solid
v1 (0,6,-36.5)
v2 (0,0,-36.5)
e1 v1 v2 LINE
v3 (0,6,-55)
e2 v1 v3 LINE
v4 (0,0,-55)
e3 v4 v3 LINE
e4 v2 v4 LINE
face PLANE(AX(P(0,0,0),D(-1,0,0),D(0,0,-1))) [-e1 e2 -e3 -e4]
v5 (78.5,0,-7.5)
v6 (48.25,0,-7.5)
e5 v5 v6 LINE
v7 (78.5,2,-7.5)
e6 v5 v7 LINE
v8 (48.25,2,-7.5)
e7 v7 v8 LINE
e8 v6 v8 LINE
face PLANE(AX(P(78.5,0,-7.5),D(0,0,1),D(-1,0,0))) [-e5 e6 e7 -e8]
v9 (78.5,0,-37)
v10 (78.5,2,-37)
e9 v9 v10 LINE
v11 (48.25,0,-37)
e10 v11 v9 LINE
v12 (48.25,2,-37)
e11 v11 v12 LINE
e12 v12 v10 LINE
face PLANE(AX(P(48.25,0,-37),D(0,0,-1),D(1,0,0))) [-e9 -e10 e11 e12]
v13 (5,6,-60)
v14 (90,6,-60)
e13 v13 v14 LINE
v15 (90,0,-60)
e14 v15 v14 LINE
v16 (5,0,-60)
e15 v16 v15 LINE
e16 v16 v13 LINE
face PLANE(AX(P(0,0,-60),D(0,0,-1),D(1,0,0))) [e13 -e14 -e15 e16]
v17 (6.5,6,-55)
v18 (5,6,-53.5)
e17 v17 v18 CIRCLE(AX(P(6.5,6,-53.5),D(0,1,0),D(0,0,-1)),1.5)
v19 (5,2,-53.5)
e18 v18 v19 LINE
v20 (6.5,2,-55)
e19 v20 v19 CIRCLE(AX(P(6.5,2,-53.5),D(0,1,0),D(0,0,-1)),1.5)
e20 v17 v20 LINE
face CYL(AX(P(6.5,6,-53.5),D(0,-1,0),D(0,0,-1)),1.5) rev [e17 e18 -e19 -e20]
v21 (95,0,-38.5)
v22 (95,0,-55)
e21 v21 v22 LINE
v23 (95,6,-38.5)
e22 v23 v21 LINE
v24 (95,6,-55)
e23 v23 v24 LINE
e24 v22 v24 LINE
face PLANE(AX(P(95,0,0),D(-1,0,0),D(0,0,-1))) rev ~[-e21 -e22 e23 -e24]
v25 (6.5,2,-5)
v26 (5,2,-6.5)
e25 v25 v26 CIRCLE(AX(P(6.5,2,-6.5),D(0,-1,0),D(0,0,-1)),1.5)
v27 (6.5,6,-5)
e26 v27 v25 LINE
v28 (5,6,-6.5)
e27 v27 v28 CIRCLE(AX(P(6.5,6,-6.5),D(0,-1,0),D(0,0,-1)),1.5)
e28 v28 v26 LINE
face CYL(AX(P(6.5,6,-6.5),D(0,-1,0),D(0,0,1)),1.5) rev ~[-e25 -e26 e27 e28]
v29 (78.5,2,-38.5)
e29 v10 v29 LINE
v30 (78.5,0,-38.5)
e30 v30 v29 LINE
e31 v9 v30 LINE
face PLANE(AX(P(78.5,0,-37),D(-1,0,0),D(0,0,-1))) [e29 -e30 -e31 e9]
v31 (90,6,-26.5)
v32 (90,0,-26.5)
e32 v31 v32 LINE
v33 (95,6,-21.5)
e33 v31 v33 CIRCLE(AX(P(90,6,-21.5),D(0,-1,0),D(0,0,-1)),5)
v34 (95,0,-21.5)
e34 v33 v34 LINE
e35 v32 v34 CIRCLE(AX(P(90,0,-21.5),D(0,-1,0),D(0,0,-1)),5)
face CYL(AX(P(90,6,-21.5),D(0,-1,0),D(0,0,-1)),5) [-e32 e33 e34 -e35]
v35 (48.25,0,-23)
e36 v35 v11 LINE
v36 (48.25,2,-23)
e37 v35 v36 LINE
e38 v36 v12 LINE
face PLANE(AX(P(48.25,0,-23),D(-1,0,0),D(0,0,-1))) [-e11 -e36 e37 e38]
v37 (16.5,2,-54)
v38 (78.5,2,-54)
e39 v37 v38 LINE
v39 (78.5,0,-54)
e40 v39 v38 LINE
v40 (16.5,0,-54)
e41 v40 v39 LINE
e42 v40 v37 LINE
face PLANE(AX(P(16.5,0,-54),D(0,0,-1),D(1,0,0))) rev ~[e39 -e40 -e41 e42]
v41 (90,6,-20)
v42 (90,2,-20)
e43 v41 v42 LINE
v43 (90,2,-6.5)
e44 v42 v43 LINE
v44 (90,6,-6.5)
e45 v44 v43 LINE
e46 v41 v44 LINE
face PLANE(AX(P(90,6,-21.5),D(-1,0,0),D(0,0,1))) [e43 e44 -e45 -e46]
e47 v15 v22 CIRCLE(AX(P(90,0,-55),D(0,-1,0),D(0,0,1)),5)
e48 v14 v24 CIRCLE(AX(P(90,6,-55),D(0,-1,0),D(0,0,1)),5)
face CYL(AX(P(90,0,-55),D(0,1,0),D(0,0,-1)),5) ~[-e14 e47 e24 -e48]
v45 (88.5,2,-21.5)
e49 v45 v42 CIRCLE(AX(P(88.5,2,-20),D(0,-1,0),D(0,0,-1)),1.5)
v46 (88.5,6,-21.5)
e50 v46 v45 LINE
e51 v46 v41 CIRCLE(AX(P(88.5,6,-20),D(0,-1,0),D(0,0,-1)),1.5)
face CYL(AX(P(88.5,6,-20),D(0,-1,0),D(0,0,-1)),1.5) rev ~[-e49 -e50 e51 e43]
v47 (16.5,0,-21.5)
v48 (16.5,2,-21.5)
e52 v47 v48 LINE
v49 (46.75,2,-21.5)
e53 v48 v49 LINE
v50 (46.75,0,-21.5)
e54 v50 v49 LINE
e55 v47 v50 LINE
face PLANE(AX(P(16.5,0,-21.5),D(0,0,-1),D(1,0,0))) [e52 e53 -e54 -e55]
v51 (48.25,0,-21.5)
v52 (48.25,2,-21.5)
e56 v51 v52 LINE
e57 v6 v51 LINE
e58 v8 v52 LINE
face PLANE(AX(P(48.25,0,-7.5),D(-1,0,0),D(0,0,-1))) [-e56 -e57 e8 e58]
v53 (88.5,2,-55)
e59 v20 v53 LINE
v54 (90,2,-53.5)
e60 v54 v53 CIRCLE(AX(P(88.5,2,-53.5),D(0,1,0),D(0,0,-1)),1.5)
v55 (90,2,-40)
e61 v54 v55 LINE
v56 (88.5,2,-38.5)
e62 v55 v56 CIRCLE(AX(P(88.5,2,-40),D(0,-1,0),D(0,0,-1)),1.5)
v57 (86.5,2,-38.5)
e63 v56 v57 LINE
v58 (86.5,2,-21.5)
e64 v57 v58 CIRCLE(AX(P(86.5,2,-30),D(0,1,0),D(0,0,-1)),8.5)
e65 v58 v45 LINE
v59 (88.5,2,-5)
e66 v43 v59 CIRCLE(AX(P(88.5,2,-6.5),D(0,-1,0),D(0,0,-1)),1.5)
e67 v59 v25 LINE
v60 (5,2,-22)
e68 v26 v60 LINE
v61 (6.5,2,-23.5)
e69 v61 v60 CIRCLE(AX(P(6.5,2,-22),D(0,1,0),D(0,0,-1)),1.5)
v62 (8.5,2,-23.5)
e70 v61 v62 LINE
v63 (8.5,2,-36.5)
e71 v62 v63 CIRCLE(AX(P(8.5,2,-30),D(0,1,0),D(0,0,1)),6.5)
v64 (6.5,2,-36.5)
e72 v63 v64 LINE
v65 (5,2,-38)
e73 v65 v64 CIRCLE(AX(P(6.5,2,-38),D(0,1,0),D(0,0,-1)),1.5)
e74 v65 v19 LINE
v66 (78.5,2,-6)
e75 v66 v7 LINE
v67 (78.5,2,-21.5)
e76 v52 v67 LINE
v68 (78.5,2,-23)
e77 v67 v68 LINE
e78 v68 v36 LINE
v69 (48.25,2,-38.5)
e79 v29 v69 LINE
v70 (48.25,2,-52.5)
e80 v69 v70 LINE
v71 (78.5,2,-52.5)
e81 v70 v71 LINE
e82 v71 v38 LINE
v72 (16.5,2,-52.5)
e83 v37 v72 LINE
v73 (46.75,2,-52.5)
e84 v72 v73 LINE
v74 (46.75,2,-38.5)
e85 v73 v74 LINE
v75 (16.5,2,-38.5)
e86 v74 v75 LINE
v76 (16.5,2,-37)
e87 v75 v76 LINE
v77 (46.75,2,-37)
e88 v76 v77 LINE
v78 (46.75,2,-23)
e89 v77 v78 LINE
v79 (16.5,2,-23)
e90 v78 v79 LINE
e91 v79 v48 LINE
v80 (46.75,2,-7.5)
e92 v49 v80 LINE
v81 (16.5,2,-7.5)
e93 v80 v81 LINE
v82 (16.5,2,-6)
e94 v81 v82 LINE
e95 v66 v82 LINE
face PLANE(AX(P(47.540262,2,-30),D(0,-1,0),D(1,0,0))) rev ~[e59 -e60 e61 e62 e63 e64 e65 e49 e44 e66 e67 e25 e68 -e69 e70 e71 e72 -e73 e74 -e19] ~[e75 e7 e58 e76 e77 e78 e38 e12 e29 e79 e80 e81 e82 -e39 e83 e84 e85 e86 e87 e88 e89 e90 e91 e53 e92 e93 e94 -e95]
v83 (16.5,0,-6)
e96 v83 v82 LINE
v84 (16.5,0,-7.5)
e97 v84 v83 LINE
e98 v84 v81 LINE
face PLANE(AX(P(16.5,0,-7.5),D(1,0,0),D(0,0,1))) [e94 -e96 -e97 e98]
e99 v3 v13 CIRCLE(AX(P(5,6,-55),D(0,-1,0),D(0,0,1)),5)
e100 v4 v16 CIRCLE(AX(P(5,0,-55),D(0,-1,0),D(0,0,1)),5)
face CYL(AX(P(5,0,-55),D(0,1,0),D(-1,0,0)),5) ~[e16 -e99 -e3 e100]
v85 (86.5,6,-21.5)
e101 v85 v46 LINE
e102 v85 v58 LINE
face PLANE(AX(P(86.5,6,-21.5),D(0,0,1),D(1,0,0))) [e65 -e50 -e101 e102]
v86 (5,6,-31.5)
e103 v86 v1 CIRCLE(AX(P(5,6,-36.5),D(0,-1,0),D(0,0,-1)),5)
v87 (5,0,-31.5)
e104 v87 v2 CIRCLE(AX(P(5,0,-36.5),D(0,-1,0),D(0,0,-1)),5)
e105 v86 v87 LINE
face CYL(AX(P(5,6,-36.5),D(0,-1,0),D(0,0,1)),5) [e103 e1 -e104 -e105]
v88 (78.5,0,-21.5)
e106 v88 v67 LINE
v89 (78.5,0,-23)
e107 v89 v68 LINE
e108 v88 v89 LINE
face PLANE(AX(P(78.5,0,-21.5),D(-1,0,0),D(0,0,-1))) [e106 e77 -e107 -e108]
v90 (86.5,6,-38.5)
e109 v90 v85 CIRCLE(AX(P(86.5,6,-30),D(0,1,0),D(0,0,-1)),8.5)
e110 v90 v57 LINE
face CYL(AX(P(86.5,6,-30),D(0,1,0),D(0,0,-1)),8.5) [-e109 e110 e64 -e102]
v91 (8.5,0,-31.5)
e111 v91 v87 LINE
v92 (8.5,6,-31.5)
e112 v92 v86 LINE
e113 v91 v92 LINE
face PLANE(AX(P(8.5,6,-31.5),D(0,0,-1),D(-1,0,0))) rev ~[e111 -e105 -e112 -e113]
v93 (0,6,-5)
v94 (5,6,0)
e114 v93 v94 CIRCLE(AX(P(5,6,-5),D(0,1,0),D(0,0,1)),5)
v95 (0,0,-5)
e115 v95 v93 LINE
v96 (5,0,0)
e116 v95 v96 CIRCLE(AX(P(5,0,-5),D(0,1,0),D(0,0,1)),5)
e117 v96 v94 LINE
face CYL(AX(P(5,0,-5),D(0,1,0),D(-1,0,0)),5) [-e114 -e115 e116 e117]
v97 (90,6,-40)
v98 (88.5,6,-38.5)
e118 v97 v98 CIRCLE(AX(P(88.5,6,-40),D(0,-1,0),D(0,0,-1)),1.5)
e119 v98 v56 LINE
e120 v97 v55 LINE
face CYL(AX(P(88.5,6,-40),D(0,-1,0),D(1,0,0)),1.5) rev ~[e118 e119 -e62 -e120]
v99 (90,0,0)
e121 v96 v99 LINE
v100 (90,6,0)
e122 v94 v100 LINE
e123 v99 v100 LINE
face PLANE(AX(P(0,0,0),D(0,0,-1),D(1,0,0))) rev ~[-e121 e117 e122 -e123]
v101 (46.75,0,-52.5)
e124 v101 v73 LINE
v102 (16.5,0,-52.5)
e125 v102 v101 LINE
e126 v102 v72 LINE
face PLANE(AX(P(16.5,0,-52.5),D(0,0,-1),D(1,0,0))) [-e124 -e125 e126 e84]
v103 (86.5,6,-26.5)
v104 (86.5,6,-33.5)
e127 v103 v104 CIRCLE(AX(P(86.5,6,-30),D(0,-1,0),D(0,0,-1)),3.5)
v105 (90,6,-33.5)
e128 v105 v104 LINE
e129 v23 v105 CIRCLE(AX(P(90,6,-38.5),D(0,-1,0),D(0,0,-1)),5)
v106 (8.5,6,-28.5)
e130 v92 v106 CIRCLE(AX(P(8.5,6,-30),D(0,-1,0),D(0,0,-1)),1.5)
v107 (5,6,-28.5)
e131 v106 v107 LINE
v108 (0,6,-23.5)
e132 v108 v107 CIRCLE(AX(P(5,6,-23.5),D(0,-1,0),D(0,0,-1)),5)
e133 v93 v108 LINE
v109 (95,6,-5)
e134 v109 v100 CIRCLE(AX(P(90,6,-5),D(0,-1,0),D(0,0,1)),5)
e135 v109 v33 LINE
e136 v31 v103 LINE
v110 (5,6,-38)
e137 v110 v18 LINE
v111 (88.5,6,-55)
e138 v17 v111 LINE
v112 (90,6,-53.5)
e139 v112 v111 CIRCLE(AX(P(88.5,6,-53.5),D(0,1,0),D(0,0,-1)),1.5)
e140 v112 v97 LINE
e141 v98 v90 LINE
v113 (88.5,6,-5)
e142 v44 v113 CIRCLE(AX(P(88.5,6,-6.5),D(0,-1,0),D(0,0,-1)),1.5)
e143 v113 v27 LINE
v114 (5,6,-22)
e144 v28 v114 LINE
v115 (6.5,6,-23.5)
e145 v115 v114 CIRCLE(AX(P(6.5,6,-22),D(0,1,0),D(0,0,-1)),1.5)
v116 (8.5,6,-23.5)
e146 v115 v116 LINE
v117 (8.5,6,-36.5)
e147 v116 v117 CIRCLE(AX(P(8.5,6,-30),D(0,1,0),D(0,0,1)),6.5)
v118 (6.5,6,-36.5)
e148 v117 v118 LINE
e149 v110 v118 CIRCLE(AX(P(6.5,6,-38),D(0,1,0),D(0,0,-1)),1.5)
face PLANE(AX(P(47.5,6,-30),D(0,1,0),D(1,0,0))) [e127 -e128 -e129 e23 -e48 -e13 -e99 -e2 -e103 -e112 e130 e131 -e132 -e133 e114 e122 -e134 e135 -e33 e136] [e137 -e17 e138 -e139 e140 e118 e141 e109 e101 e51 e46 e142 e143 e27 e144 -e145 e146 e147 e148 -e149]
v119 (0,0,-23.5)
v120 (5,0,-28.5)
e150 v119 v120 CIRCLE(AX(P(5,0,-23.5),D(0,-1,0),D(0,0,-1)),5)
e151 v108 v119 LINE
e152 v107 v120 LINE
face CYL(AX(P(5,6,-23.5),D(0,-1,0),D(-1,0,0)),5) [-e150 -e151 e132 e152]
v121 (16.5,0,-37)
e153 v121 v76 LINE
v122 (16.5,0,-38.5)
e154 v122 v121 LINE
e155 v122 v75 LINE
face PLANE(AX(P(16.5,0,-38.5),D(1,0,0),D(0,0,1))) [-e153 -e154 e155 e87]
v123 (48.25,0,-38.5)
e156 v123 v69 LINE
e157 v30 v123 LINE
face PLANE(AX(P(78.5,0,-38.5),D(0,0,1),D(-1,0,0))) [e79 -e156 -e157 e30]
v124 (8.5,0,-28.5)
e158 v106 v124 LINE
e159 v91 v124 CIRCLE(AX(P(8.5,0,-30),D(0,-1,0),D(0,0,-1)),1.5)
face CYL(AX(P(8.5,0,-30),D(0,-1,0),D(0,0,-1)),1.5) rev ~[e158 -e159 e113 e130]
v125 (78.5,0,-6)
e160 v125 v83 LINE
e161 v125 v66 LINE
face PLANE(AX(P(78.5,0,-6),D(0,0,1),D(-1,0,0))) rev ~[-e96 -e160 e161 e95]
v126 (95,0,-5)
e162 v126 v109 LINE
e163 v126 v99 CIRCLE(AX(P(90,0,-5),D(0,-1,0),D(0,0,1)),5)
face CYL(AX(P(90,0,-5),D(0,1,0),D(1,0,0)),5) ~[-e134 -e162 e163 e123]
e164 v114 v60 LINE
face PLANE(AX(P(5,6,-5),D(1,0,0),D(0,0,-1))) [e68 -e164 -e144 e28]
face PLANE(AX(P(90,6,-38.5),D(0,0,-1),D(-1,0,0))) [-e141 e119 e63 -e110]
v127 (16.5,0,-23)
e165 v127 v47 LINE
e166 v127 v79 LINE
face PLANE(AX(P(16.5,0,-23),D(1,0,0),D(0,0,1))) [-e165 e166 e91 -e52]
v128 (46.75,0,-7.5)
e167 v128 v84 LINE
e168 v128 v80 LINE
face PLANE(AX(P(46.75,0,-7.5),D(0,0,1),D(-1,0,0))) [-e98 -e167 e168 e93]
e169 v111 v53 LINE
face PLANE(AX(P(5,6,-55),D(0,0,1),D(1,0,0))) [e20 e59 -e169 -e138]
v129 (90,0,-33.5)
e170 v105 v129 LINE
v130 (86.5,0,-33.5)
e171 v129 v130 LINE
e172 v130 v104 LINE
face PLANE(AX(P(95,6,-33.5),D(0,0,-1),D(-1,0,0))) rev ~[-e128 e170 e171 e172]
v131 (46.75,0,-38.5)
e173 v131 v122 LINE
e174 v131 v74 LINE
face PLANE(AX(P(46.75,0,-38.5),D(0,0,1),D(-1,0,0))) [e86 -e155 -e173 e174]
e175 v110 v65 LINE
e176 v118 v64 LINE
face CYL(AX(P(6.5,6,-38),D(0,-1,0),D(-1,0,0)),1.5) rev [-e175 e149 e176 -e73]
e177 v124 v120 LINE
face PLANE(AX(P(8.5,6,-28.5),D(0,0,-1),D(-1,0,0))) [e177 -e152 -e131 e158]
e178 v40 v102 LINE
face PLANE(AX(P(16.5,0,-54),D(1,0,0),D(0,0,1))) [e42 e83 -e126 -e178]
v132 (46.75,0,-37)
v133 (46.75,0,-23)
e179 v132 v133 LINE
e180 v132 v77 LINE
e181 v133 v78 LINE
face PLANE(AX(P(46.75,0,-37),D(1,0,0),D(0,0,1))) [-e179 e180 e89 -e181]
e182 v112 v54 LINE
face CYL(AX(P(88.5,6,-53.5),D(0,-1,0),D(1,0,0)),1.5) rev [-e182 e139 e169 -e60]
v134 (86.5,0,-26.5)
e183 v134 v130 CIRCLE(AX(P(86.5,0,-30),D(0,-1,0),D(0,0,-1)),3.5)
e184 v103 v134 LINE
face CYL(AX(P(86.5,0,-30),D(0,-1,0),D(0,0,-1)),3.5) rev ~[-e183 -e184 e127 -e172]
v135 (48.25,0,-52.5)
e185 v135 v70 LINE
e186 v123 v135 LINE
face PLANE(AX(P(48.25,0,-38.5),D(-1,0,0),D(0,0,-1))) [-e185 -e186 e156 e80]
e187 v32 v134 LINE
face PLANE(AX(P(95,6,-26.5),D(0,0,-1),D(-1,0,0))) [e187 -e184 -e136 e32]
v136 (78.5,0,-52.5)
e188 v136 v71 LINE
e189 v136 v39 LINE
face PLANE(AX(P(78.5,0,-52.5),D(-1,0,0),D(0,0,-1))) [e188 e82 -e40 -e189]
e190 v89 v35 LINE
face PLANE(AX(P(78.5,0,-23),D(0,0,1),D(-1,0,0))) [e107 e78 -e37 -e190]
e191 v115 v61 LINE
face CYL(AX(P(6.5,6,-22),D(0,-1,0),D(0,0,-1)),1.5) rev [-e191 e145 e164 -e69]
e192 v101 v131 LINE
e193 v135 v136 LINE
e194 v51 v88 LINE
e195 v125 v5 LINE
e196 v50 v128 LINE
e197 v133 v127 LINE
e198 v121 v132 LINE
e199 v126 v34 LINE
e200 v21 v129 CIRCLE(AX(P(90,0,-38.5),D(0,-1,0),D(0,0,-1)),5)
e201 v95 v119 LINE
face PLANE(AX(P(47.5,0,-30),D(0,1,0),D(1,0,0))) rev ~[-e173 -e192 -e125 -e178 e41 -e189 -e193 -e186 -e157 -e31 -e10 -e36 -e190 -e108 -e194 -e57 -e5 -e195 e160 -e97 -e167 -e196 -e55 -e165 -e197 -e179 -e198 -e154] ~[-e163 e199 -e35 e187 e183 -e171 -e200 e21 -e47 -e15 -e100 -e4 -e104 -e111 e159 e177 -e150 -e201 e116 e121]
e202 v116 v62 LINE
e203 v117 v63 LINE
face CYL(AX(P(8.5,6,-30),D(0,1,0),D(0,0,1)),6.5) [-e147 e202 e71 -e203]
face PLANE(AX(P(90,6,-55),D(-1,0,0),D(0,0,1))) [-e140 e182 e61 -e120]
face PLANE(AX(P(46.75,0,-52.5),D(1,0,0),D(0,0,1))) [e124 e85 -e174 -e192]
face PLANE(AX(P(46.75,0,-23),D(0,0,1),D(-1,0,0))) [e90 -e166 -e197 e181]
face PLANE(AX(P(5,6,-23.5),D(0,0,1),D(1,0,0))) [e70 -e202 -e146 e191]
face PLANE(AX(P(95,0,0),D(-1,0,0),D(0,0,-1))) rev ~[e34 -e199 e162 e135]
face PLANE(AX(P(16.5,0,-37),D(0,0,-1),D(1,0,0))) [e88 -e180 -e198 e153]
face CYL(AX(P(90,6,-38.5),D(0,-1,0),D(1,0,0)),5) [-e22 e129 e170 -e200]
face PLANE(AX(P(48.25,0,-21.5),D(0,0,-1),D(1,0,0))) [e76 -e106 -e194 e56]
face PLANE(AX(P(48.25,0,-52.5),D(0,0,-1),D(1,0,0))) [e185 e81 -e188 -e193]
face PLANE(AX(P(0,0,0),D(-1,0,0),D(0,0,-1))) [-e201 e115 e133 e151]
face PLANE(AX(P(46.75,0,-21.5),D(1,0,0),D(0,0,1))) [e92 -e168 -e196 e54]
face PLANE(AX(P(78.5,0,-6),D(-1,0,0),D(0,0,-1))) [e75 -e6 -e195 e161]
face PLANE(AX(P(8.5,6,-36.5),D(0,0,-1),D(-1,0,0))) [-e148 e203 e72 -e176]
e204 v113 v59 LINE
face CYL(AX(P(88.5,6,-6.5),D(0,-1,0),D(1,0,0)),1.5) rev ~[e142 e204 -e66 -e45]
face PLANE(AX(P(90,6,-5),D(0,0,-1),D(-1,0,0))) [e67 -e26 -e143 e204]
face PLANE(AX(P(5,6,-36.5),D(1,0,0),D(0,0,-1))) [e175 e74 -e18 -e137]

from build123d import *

# Parameters (mm, degrees)
SKETCH1_W           = 95
SKETCH1_H           = 60
BOSS_EXTRUDE1_DEPTH = 6
SKETCH6_R           = 3.5
SKETCH6_R_2         = 1.5
CUT_EXTRUDE3_DEPTH  = 113.521109131
CUT_EXTRUDE1_DEPTH  = 4
CUT_EXTRUDE2_DEPTH  = 113.521109131
FILLET3_R           = 1.5
SKETCH7_W           = 8.5
SKETCH7_H           = 3
SKETCH7_H_2         = 7
CUT_EXTRUDE4_DEPTH  = 113.521109131
FILLET4_R           = 5
FILLET5_R           = 1.5


with BuildPart() as part:
    # Sketch1 → Boss-Extrude1 (new body)
    with BuildSketch(Plane(origin=(0, 0, 0), x_dir=(1, 0, 0), z_dir=(0, 1, 0))):
        with Locations((47.5, 30)):
            Rectangle(SKETCH1_W, SKETCH1_H)
    extrude(amount=BOSS_EXTRUDE1_DEPTH)

    # Sketch6 → Cut-Extrude3 (cut, through all)
    with BuildSketch(Plane.XZ):
        with Locations(Location((86.5, -30, 0), (0, 0, 270))):
            Circle(SKETCH6_R)
        with Locations(Location((8.5, -30, 0), (0, 0, 270))):
            Circle(SKETCH6_R_2)
    extrude(amount=-CUT_EXTRUDE3_DEPTH, mode=Mode.SUBTRACT)

    # Sketch2 → Cut-Extrude1 (cut)
    with BuildSketch(Plane(origin=(0, 6, 0), x_dir=(-1, 0, 0), z_dir=(0, 1, 0))):
        with BuildLine():
            Line((-8.5, -36.5), (-5, -36.5))
            Line((-5, -36.5), (-5, -55))
            Line((-5, -55), (-90, -55))
            Line((-90, -55), (-90, -38.5))
            Line((-90, -38.5), (-86.5, -38.5))
            ThreePointArc((-86.5, -38.5), (-78, -30), (-86.5, -21.5))
            Line((-86.5, -21.5), (-90, -21.5))
            Line((-90, -21.5), (-90, -5))
            Line((-90, -5), (-5, -5))
            Line((-5, -5), (-5, -23.5))
            Line((-5, -23.5), (-8.5, -23.5))
            ThreePointArc((-8.5, -23.5), (-15, -30), (-8.5, -36.5))
        make_face()
    extrude(amount=-CUT_EXTRUDE1_DEPTH, mode=Mode.SUBTRACT)

    # Sketch5 → Cut-Extrude2 (cut, through all)
    with BuildSketch(Plane.XZ):
        Polygon((46.75, -37), (46.75, -23), (16.5, -23), (16.5, -21.5), (46.75, -21.5), (46.75, -7.5), (16.5, -7.5), (16.5, -6), (47.5, -6), (78.5, -6), (78.5, -7.5), (48.25, -7.5), (48.25, -21.5), (78.5, -21.5), (78.5, -23), (48.25, -23), (48.25, -37), (78.5, -37), (78.5, -38.5), (48.25, -38.5), (48.25, -52.5), (78.5, -52.5), (78.5, -54), (47.5, -54), (16.5, -54), (16.5, -52.5), (46.75, -52.5), (46.75, -38.5), (16.5, -38.5), (16.5, -37), align=None)
    extrude(amount=-CUT_EXTRUDE2_DEPTH, mode=Mode.SUBTRACT)

    # Fillet3
    fillet3_edges = [part.edges().sort_by_distance(p)[0] for p in [
        (90, 4, -55),
    ]]
    fillet(fillet3_edges, radius=FILLET3_R)

    # Sketch7 → Cut-Extrude4 (cut, through all)
    with BuildSketch(Plane(origin=(0, 6, 0), x_dir=(-1, 0, 0), z_dir=(0, 1, 0))):
        with Locations((-4.25, -30)):
            Rectangle(SKETCH7_W, SKETCH7_H)
        with Locations((-90.75, -30)):
            Rectangle(SKETCH7_W, SKETCH7_H_2)
    extrude(amount=-CUT_EXTRUDE4_DEPTH, mode=Mode.SUBTRACT)

    # Fillet4
    fillet4_edges = [part.edges().sort_by_distance(p)[0] for p in [
        (0, 3, -28.5),
        (0, 3, -31.5),
        (95, 3, -33.5),
        (95, 3, -26.5),
        (0, 3, -60),
        (95, 3, -60),
        (95, 3, 0),
        (0, 3, 0),
    ]]
    fillet(fillet4_edges, radius=FILLET4_R)

    # Fillet5
    fillet5_edges = [part.edges().sort_by_distance(p)[0] for p in [
        (5, 4, -5),
        (5, 4, -23.5),
        (5, 4, -36.5),
        (5, 4, -55),
        (90, 4, -38.5),
        (90, 4, -21.5),
        (90, 4, -5),
    ]]
    fillet(fillet5_edges, radius=FILLET5_R)


solid = part.part
